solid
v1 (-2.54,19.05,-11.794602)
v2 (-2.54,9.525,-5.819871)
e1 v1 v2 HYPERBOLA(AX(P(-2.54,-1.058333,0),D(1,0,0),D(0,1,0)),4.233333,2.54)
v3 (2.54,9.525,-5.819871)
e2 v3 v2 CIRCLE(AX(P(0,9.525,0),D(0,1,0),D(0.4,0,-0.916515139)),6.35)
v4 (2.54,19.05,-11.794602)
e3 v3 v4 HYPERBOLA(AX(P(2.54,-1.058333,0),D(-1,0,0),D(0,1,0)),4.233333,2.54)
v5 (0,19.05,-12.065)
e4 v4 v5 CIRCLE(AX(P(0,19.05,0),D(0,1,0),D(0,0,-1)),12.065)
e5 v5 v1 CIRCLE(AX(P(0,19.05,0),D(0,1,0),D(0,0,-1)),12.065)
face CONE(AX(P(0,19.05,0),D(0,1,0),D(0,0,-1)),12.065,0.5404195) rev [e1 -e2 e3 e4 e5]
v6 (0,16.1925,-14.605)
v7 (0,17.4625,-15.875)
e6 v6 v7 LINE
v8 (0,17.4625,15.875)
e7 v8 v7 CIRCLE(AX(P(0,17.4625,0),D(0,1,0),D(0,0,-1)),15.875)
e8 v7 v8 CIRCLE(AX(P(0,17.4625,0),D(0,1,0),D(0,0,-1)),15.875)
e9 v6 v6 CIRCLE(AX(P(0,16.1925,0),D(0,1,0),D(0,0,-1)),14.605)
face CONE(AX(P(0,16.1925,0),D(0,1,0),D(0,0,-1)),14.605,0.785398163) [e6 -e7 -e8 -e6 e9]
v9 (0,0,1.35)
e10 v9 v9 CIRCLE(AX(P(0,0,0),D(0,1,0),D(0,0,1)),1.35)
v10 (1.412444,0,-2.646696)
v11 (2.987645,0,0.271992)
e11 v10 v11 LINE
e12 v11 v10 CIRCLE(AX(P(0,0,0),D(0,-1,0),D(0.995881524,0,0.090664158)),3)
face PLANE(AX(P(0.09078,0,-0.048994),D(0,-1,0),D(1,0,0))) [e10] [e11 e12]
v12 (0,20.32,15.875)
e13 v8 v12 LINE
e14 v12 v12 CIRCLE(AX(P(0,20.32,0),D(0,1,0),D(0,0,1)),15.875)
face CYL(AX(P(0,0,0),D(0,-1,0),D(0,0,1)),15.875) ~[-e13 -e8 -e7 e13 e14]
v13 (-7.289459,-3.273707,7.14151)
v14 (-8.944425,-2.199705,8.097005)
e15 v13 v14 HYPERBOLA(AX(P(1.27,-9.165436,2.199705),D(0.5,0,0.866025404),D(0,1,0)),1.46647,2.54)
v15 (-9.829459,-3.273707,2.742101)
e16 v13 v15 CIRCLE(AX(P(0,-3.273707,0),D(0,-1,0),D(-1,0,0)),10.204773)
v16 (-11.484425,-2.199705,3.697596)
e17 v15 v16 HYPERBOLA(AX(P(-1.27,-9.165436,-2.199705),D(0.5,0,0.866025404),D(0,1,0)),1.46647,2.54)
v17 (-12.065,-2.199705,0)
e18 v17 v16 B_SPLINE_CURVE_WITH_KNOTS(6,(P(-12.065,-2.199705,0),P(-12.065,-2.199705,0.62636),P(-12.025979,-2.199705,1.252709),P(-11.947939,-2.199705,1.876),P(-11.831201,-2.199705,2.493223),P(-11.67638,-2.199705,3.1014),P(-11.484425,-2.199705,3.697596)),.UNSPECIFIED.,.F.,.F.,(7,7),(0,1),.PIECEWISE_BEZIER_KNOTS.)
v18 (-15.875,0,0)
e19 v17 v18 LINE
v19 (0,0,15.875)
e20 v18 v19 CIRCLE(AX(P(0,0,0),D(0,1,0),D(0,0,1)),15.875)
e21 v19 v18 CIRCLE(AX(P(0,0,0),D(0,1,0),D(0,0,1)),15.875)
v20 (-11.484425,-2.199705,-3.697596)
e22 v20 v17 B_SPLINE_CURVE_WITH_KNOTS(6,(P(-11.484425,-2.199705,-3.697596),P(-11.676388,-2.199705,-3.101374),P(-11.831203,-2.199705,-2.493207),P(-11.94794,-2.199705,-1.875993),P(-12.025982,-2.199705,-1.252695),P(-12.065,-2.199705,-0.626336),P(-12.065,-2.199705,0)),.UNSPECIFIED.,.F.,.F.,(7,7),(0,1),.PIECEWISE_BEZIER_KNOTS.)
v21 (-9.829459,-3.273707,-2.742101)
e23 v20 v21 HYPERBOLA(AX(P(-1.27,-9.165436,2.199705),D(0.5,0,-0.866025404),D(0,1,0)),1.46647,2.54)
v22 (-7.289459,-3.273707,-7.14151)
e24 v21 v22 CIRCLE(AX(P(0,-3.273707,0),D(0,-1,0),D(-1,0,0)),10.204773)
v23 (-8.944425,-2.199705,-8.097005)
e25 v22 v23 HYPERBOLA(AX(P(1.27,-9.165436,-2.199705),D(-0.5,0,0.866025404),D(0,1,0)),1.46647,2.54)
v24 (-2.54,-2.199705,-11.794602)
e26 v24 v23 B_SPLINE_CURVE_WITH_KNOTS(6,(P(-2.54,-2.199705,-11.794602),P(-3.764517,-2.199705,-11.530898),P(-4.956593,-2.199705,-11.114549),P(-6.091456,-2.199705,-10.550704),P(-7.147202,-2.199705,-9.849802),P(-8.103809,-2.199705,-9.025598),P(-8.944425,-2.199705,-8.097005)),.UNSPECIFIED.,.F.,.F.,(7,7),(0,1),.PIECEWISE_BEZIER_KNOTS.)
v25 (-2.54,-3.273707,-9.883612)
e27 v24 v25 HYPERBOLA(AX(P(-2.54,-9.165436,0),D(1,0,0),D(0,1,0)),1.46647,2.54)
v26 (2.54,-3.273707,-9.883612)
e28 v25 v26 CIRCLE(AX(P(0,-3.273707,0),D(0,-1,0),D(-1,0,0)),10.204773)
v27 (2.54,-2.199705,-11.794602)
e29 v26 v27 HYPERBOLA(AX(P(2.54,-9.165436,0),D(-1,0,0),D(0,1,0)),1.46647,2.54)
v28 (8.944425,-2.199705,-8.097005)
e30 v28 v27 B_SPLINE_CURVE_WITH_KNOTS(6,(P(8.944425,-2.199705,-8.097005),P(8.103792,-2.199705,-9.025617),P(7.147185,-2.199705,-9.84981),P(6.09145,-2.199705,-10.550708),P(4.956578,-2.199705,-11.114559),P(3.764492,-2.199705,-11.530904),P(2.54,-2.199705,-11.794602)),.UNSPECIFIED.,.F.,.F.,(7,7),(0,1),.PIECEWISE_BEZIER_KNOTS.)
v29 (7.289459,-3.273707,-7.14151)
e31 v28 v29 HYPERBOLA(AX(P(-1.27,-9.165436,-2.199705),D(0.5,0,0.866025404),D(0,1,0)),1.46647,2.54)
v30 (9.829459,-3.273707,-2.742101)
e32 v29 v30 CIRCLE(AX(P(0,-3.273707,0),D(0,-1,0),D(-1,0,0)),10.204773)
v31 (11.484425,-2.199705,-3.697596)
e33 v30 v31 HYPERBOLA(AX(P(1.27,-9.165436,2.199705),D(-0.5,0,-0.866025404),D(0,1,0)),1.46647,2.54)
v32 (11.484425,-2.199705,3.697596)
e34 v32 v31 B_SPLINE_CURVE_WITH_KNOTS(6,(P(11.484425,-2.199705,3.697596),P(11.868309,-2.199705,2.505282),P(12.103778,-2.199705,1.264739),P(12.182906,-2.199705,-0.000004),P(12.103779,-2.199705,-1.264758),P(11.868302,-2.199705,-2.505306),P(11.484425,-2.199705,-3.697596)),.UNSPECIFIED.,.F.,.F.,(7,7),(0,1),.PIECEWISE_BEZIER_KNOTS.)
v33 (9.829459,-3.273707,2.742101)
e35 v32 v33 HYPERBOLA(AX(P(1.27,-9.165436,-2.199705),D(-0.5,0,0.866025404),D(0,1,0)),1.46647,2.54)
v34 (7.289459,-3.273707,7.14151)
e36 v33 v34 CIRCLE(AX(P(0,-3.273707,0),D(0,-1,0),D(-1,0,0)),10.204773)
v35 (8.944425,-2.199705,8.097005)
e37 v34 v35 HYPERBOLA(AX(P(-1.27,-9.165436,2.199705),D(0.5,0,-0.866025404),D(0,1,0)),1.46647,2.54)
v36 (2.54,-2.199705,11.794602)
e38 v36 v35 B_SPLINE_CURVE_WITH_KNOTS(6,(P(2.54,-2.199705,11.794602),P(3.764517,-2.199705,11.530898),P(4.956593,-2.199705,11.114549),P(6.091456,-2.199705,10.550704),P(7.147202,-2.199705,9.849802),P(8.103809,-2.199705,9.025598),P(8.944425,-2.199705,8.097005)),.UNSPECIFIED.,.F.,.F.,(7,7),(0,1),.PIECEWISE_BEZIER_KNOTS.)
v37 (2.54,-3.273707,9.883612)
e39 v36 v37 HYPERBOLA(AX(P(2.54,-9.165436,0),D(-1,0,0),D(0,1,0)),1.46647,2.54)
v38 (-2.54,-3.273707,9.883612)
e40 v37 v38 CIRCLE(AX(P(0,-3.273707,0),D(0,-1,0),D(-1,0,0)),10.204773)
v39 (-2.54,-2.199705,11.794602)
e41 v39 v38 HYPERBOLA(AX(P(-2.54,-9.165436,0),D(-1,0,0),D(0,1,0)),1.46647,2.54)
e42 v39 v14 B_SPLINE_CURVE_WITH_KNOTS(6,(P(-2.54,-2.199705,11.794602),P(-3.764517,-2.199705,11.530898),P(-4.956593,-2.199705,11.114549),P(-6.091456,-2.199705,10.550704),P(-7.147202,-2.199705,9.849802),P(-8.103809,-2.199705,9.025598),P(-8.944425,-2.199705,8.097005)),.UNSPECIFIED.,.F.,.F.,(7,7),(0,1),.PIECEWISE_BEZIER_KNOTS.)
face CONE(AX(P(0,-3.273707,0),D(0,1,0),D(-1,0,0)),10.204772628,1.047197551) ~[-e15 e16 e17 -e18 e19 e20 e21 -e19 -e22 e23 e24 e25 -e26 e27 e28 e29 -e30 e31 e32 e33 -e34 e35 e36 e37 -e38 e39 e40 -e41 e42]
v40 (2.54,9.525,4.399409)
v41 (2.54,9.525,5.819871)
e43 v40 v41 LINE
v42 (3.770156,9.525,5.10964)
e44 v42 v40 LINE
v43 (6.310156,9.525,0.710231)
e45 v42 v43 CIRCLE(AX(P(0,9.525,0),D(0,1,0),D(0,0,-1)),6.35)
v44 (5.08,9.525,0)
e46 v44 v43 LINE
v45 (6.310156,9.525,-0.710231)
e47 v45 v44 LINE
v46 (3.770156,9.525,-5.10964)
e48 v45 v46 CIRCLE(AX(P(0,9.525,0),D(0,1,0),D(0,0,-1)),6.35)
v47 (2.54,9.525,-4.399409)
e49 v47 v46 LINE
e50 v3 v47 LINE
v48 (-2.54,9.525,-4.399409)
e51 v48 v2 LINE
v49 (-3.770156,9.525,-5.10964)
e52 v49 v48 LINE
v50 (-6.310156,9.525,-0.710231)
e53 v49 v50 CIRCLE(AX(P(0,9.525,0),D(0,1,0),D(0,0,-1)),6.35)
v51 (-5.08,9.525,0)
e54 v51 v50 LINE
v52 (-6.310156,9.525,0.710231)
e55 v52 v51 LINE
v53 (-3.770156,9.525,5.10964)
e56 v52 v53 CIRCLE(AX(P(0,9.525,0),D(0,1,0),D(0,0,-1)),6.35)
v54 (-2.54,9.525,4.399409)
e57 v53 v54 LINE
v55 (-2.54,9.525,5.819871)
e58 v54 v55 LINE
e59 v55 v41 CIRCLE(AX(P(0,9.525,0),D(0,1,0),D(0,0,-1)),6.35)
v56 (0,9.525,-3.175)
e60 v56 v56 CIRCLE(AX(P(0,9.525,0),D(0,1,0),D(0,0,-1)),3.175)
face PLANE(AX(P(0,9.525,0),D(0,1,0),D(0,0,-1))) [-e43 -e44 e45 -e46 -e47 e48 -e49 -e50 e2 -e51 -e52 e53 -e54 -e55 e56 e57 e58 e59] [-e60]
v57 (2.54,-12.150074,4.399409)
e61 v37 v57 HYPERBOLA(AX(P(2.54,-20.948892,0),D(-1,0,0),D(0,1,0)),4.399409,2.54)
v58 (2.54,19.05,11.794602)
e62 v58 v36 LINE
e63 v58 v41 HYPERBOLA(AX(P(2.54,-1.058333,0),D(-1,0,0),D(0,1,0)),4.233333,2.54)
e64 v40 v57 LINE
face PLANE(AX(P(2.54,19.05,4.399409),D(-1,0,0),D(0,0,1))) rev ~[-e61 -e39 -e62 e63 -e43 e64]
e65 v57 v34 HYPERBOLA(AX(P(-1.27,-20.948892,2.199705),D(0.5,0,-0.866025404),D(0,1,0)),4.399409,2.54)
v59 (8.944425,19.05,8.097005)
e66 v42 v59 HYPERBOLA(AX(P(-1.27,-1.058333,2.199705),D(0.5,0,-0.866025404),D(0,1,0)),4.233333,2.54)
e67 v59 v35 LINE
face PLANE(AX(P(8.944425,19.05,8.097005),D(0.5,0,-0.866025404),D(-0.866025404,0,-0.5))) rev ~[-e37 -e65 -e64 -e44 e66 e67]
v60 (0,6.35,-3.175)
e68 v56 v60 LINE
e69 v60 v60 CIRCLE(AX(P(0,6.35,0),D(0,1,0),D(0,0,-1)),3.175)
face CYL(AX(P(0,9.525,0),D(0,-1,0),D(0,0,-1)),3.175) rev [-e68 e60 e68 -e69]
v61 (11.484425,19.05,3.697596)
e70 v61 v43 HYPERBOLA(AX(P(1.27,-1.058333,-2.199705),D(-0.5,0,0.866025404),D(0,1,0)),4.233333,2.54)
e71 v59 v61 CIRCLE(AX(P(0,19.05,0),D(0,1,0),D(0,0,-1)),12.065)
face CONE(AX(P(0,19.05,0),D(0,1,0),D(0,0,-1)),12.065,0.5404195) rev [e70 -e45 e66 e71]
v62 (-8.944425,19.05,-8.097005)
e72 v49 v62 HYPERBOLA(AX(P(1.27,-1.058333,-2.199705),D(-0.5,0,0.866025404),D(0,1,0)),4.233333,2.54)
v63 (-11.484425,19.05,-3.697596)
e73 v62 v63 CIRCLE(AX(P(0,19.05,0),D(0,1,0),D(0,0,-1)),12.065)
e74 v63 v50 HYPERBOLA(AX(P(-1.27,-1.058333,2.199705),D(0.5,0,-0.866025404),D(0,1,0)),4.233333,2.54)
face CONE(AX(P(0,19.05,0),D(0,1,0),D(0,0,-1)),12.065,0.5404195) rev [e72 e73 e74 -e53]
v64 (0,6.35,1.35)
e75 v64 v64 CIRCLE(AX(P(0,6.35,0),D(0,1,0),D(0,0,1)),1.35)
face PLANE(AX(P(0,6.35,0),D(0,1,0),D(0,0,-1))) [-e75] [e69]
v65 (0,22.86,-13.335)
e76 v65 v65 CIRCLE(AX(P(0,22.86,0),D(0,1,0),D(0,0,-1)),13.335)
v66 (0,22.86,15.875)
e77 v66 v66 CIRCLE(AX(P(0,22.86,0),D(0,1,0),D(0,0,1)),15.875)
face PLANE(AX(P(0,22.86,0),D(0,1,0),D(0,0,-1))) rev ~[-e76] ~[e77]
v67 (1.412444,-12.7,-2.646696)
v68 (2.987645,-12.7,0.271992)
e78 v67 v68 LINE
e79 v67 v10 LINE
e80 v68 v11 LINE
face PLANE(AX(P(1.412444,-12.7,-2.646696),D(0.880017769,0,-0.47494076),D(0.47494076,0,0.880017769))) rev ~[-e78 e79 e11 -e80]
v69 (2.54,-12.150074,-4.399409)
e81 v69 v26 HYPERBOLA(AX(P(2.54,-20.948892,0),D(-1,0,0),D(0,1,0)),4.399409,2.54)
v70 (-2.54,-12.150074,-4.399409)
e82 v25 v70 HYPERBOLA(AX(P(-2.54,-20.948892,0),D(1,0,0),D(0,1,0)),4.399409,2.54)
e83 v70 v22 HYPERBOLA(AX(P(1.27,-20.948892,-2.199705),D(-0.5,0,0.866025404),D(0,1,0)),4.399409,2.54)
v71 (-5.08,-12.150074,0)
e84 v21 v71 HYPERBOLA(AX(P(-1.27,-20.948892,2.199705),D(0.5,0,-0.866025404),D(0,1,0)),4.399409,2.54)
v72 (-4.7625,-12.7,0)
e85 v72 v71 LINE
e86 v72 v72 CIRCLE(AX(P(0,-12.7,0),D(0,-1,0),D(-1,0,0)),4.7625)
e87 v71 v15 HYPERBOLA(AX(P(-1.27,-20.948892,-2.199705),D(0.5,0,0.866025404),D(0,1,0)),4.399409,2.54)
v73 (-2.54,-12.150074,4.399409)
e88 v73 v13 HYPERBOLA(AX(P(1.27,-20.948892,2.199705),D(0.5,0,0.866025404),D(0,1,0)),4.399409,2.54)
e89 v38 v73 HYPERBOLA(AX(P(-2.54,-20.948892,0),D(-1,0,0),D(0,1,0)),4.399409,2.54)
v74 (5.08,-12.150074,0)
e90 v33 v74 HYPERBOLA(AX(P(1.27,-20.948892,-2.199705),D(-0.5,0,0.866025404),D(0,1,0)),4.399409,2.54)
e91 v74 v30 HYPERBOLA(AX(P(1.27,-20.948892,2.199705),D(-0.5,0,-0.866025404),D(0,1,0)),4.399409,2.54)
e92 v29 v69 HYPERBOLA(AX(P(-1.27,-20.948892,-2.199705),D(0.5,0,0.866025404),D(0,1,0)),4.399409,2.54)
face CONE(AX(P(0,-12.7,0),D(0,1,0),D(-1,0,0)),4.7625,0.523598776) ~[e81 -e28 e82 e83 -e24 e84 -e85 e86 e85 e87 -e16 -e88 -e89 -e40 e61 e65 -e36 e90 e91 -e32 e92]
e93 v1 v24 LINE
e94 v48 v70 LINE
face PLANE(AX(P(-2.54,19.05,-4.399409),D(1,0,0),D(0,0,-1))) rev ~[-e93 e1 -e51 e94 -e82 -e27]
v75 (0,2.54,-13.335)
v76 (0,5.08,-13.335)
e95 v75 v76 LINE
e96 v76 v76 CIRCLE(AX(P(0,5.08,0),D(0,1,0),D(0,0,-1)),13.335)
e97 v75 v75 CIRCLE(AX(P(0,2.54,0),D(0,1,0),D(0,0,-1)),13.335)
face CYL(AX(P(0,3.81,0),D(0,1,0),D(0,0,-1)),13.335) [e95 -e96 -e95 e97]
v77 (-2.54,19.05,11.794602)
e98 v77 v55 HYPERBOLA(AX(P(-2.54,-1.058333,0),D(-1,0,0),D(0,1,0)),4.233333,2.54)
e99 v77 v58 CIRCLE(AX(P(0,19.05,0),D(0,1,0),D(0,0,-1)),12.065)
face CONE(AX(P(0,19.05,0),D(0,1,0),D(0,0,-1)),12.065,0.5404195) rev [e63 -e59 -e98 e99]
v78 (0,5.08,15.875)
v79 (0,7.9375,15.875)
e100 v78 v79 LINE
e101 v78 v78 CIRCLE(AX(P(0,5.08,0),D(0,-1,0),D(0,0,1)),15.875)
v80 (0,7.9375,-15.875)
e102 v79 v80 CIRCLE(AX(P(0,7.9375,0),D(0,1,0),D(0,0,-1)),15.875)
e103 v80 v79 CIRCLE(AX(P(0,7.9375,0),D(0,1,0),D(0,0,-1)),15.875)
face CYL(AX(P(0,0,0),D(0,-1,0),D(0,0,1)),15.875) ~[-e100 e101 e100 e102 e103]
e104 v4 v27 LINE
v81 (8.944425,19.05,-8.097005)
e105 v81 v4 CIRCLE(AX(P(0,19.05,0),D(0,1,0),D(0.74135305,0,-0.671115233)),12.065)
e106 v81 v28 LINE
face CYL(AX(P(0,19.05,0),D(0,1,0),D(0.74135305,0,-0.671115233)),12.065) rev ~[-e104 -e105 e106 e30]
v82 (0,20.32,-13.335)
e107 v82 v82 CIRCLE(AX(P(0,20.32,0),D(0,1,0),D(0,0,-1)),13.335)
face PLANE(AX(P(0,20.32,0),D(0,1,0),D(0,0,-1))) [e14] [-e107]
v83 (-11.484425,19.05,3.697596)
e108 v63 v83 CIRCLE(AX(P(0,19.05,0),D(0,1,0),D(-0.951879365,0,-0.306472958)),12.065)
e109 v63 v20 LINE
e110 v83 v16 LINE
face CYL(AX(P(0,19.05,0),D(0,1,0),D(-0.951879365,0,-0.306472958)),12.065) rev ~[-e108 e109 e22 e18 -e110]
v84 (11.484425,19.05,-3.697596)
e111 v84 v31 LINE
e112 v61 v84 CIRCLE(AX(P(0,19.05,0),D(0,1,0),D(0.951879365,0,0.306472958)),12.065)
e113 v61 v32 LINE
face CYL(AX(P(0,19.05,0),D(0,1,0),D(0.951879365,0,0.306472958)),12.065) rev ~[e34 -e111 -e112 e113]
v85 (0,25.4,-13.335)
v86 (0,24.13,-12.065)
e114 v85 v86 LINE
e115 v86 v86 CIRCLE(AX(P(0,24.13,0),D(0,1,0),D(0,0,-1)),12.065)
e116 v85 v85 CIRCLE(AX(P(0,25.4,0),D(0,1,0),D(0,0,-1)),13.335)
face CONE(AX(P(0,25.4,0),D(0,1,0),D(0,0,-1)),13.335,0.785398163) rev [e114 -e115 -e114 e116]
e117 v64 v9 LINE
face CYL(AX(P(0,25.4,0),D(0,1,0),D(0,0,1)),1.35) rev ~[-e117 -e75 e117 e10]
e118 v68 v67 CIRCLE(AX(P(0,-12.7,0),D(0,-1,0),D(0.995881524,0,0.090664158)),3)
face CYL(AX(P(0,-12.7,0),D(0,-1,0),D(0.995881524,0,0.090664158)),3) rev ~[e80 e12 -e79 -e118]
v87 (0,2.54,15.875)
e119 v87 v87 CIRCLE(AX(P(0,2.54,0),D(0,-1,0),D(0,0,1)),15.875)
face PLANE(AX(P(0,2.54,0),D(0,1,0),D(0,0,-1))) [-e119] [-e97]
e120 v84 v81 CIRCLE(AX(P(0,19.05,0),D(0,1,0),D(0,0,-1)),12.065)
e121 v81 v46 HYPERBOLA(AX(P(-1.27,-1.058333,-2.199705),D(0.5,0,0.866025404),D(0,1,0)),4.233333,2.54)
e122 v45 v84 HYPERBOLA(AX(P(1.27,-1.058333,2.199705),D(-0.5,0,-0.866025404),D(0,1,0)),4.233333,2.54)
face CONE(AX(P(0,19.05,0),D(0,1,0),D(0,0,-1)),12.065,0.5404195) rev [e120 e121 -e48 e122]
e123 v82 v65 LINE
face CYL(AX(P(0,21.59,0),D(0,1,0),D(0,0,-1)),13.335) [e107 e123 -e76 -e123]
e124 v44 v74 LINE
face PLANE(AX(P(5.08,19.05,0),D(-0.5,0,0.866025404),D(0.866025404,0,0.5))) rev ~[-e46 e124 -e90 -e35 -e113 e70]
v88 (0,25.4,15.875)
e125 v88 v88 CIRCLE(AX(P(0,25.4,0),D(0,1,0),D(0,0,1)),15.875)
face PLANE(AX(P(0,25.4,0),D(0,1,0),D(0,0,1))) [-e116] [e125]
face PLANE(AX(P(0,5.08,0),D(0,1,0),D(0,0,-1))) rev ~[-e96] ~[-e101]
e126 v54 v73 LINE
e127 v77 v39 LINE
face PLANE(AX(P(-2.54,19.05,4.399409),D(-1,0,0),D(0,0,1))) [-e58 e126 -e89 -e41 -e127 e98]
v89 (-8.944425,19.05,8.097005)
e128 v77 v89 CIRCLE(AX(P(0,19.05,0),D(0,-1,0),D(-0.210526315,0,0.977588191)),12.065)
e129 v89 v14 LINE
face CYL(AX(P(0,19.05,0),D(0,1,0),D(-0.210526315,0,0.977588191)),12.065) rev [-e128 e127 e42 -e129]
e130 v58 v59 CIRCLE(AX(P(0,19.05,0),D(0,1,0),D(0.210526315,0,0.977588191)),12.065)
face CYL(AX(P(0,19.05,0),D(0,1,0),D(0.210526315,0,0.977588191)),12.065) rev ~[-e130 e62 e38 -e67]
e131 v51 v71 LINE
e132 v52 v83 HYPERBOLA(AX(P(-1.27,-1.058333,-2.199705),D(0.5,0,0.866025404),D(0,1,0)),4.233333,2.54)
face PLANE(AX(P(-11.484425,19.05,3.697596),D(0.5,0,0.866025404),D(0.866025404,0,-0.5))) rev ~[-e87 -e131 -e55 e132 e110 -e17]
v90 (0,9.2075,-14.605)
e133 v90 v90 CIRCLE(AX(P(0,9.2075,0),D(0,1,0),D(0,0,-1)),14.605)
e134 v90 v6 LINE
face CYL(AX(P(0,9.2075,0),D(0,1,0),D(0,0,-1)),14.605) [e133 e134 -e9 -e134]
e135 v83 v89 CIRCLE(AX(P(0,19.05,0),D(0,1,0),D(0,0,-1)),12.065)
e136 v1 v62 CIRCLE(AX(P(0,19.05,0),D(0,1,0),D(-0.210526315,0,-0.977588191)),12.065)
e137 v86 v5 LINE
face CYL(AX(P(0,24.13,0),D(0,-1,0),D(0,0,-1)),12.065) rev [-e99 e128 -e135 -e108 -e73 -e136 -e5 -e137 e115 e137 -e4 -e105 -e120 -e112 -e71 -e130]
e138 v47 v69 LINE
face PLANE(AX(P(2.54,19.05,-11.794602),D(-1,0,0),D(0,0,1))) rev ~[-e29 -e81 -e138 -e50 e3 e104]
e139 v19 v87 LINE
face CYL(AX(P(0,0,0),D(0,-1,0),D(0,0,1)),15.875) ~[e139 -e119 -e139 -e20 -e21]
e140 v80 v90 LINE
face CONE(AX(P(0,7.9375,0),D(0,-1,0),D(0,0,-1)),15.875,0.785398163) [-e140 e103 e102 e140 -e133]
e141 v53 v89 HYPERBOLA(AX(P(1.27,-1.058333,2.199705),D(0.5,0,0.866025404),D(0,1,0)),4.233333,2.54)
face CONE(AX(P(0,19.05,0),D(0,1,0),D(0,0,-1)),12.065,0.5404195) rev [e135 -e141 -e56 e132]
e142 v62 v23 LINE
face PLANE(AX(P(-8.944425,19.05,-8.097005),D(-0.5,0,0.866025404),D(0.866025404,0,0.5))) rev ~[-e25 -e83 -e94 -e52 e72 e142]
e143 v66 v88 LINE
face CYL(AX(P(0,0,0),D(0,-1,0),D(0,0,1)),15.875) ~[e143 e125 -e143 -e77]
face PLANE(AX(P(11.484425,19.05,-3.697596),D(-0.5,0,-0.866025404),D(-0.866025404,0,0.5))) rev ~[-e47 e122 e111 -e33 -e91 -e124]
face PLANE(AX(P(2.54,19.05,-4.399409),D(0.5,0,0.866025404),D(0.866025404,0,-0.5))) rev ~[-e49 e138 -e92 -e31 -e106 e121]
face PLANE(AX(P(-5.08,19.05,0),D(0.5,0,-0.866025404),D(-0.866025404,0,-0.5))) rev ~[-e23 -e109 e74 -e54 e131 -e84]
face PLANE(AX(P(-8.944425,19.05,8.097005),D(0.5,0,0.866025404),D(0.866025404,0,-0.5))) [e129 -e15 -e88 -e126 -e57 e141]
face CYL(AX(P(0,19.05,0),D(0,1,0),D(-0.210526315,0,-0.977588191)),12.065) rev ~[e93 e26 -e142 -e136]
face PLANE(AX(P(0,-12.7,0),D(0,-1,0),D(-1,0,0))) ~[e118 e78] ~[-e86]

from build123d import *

# Parameters (mm, degrees)
SKETCH1_R           = 15.875
BOSS_EXTRUDE1_DEPTH = 25.4
SKETCH2_R           = 1.35
CUT_EXTRUDE2_DEPTH  = 25.4
CUT_EXTRUDE3_DEPTH  = 12.7
CUT_EXTRUDE5_DEPTH  = 39.885649667
SKETCH7_W           = 2.54
SKETCH7_H           = 2.54


with BuildPart() as part:
    # Sketch1 → Boss-Extrude1 (new body)
    with BuildSketch(Plane(origin=(0, 0, 0), x_dir=(1, 0, 0), z_dir=(0, 1, 0))):
        with Locations(Location((0, 0, 0), (0, 0, 270))):
            Circle(SKETCH1_R)
    extrude(amount=BOSS_EXTRUDE1_DEPTH)

    # Sketch2 → Cut-Extrude2 (cut)
    with BuildSketch(Plane(origin=(0, 25.4, 0), x_dir=(1, 0, 0), z_dir=(0, 1, 0))):
        with Locations(Location((0, 0, 0), (0, 0, 270))):
            Circle(SKETCH2_R)
    extrude(amount=-CUT_EXTRUDE2_DEPTH, mode=Mode.SUBTRACT)

    # Sketch3 → Revolve2 (revolve)
    with BuildSketch(Plane.XY):
        Polygon((0, 0), (0, -12.7), (-4.7625, -12.7), (-10.204772628, -3.2737073), (-15.875, 0), align=None)
    revolve(axis=Axis((0, 0, 0), (0, -1, 0)))

    # Sketch4 → Cut-Extrude3 (cut)
    with BuildSketch(Plane.XZ.offset(12.7)):
        with BuildLine():
            Line((1.412444273, -2.646696276), (2.987644573, 0.271992474))
            ThreePointArc((2.987644573, 0.271992474), (-2.640053308, 1.424822281), (1.412444273, -2.646696276))
        make_face()
    extrude(amount=-CUT_EXTRUDE3_DEPTH, mode=Mode.SUBTRACT)

    # Sketch5 → Cut-Revolve1 (revolve, cut)
    with BuildSketch(Plane.XY, mode=Mode.PRIVATE) as cut_revolve1_sk:
        Polygon((-12.065, 24.13), (-12.065, 19.05), (-6.35, 9.525), (-3.175, 9.525), (-3.175, 6.35), (0, 6.35), (0, 25.4), (-13.335, 25.4), align=None)
    revolve(cut_revolve1_sk.sketch.rotate(Axis((0, 6.35, 0), (0, 1, 0)), 270), axis=Axis((0, 6.35, 0), (0, 1, 0)), mode=Mode.SUBTRACT)

    # Sketch6 → Cut-Extrude5 (cut, through all)
    with BuildSketch(Plane(origin=(0, 19.05, 0), x_dir=(1, 0, 0), z_dir=(0, 1, 0))):
        with BuildLine():
            Line((-5.08, 0), (-11.484424543, 3.697596234))
            ThreePointArc((-11.484424543, 3.697596234), (-12.065, 0), (-11.484424543, -3.697596234))
            Line((-11.484424543, -3.697596234), (-5.08, 0))
        make_face()
        with BuildLine():
            Line((-2.54, 4.399409051), (-2.54, 11.794601519))
            ThreePointArc((-2.54, 11.794601519), (-6.0325, 10.448596497), (-8.944424543, 8.097005285))
            Line((-8.944424543, 8.097005285), (-2.54, 4.399409051))
        make_face()
        with BuildLine():
            Line((2.54, 4.399409051), (8.944424543, 8.097005285))
            ThreePointArc((8.944424543, 8.097005285), (6.0325, 10.448596497), (2.54, 11.794601519))
            Line((2.54, 11.794601519), (2.54, 4.399409051))
        make_face()
        with BuildLine():
            Line((5.08, 0), (11.484424543, -3.697596234))
            ThreePointArc((11.484424543, -3.697596234), (12.065, 0), (11.484424543, 3.697596234))
            Line((11.484424543, 3.697596234), (5.08, 0))
        make_face()
        with BuildLine():
            Line((2.54, -4.399409051), (2.54, -11.794601519))
            ThreePointArc((2.54, -11.794601519), (6.0325, -10.448596497), (8.944424543, -8.097005285))
            Line((8.944424543, -8.097005285), (2.54, -4.399409051))
        make_face()
        with BuildLine():
            Line((-8.944424543, -8.097005285), (-2.54, -4.399409051))
            Line((-2.54, -4.399409051), (-2.54, -11.794601519))
            ThreePointArc((-2.54, -11.794601519), (-6.0325, -10.448596497), (-8.944424543, -8.097005285))
        make_face()
    extrude(amount=-CUT_EXTRUDE5_DEPTH, mode=Mode.SUBTRACT)

    # Sketch7 → Cut-Revolve2 (revolve, cut)
    with BuildSketch(Plane.XY, mode=Mode.PRIVATE) as cut_revolve2_sk:
        with Locations((-14.605, 21.59)):
            Rectangle(SKETCH7_W, SKETCH7_H)
        with Locations((-14.605, 3.81)):
            Rectangle(SKETCH7_W, SKETCH7_H)
        Polygon((-15.875, 17.4625), (-15.875, 7.9375), (-14.605, 9.2075), (-14.605, 16.1925), align=None)
    revolve(cut_revolve2_sk.sketch.rotate(Axis((0, 0, 0), (0, 1, 0)), 270), axis=Axis((0, 0, 0), (0, 1, 0)), mode=Mode.SUBTRACT)


solid = part.part
